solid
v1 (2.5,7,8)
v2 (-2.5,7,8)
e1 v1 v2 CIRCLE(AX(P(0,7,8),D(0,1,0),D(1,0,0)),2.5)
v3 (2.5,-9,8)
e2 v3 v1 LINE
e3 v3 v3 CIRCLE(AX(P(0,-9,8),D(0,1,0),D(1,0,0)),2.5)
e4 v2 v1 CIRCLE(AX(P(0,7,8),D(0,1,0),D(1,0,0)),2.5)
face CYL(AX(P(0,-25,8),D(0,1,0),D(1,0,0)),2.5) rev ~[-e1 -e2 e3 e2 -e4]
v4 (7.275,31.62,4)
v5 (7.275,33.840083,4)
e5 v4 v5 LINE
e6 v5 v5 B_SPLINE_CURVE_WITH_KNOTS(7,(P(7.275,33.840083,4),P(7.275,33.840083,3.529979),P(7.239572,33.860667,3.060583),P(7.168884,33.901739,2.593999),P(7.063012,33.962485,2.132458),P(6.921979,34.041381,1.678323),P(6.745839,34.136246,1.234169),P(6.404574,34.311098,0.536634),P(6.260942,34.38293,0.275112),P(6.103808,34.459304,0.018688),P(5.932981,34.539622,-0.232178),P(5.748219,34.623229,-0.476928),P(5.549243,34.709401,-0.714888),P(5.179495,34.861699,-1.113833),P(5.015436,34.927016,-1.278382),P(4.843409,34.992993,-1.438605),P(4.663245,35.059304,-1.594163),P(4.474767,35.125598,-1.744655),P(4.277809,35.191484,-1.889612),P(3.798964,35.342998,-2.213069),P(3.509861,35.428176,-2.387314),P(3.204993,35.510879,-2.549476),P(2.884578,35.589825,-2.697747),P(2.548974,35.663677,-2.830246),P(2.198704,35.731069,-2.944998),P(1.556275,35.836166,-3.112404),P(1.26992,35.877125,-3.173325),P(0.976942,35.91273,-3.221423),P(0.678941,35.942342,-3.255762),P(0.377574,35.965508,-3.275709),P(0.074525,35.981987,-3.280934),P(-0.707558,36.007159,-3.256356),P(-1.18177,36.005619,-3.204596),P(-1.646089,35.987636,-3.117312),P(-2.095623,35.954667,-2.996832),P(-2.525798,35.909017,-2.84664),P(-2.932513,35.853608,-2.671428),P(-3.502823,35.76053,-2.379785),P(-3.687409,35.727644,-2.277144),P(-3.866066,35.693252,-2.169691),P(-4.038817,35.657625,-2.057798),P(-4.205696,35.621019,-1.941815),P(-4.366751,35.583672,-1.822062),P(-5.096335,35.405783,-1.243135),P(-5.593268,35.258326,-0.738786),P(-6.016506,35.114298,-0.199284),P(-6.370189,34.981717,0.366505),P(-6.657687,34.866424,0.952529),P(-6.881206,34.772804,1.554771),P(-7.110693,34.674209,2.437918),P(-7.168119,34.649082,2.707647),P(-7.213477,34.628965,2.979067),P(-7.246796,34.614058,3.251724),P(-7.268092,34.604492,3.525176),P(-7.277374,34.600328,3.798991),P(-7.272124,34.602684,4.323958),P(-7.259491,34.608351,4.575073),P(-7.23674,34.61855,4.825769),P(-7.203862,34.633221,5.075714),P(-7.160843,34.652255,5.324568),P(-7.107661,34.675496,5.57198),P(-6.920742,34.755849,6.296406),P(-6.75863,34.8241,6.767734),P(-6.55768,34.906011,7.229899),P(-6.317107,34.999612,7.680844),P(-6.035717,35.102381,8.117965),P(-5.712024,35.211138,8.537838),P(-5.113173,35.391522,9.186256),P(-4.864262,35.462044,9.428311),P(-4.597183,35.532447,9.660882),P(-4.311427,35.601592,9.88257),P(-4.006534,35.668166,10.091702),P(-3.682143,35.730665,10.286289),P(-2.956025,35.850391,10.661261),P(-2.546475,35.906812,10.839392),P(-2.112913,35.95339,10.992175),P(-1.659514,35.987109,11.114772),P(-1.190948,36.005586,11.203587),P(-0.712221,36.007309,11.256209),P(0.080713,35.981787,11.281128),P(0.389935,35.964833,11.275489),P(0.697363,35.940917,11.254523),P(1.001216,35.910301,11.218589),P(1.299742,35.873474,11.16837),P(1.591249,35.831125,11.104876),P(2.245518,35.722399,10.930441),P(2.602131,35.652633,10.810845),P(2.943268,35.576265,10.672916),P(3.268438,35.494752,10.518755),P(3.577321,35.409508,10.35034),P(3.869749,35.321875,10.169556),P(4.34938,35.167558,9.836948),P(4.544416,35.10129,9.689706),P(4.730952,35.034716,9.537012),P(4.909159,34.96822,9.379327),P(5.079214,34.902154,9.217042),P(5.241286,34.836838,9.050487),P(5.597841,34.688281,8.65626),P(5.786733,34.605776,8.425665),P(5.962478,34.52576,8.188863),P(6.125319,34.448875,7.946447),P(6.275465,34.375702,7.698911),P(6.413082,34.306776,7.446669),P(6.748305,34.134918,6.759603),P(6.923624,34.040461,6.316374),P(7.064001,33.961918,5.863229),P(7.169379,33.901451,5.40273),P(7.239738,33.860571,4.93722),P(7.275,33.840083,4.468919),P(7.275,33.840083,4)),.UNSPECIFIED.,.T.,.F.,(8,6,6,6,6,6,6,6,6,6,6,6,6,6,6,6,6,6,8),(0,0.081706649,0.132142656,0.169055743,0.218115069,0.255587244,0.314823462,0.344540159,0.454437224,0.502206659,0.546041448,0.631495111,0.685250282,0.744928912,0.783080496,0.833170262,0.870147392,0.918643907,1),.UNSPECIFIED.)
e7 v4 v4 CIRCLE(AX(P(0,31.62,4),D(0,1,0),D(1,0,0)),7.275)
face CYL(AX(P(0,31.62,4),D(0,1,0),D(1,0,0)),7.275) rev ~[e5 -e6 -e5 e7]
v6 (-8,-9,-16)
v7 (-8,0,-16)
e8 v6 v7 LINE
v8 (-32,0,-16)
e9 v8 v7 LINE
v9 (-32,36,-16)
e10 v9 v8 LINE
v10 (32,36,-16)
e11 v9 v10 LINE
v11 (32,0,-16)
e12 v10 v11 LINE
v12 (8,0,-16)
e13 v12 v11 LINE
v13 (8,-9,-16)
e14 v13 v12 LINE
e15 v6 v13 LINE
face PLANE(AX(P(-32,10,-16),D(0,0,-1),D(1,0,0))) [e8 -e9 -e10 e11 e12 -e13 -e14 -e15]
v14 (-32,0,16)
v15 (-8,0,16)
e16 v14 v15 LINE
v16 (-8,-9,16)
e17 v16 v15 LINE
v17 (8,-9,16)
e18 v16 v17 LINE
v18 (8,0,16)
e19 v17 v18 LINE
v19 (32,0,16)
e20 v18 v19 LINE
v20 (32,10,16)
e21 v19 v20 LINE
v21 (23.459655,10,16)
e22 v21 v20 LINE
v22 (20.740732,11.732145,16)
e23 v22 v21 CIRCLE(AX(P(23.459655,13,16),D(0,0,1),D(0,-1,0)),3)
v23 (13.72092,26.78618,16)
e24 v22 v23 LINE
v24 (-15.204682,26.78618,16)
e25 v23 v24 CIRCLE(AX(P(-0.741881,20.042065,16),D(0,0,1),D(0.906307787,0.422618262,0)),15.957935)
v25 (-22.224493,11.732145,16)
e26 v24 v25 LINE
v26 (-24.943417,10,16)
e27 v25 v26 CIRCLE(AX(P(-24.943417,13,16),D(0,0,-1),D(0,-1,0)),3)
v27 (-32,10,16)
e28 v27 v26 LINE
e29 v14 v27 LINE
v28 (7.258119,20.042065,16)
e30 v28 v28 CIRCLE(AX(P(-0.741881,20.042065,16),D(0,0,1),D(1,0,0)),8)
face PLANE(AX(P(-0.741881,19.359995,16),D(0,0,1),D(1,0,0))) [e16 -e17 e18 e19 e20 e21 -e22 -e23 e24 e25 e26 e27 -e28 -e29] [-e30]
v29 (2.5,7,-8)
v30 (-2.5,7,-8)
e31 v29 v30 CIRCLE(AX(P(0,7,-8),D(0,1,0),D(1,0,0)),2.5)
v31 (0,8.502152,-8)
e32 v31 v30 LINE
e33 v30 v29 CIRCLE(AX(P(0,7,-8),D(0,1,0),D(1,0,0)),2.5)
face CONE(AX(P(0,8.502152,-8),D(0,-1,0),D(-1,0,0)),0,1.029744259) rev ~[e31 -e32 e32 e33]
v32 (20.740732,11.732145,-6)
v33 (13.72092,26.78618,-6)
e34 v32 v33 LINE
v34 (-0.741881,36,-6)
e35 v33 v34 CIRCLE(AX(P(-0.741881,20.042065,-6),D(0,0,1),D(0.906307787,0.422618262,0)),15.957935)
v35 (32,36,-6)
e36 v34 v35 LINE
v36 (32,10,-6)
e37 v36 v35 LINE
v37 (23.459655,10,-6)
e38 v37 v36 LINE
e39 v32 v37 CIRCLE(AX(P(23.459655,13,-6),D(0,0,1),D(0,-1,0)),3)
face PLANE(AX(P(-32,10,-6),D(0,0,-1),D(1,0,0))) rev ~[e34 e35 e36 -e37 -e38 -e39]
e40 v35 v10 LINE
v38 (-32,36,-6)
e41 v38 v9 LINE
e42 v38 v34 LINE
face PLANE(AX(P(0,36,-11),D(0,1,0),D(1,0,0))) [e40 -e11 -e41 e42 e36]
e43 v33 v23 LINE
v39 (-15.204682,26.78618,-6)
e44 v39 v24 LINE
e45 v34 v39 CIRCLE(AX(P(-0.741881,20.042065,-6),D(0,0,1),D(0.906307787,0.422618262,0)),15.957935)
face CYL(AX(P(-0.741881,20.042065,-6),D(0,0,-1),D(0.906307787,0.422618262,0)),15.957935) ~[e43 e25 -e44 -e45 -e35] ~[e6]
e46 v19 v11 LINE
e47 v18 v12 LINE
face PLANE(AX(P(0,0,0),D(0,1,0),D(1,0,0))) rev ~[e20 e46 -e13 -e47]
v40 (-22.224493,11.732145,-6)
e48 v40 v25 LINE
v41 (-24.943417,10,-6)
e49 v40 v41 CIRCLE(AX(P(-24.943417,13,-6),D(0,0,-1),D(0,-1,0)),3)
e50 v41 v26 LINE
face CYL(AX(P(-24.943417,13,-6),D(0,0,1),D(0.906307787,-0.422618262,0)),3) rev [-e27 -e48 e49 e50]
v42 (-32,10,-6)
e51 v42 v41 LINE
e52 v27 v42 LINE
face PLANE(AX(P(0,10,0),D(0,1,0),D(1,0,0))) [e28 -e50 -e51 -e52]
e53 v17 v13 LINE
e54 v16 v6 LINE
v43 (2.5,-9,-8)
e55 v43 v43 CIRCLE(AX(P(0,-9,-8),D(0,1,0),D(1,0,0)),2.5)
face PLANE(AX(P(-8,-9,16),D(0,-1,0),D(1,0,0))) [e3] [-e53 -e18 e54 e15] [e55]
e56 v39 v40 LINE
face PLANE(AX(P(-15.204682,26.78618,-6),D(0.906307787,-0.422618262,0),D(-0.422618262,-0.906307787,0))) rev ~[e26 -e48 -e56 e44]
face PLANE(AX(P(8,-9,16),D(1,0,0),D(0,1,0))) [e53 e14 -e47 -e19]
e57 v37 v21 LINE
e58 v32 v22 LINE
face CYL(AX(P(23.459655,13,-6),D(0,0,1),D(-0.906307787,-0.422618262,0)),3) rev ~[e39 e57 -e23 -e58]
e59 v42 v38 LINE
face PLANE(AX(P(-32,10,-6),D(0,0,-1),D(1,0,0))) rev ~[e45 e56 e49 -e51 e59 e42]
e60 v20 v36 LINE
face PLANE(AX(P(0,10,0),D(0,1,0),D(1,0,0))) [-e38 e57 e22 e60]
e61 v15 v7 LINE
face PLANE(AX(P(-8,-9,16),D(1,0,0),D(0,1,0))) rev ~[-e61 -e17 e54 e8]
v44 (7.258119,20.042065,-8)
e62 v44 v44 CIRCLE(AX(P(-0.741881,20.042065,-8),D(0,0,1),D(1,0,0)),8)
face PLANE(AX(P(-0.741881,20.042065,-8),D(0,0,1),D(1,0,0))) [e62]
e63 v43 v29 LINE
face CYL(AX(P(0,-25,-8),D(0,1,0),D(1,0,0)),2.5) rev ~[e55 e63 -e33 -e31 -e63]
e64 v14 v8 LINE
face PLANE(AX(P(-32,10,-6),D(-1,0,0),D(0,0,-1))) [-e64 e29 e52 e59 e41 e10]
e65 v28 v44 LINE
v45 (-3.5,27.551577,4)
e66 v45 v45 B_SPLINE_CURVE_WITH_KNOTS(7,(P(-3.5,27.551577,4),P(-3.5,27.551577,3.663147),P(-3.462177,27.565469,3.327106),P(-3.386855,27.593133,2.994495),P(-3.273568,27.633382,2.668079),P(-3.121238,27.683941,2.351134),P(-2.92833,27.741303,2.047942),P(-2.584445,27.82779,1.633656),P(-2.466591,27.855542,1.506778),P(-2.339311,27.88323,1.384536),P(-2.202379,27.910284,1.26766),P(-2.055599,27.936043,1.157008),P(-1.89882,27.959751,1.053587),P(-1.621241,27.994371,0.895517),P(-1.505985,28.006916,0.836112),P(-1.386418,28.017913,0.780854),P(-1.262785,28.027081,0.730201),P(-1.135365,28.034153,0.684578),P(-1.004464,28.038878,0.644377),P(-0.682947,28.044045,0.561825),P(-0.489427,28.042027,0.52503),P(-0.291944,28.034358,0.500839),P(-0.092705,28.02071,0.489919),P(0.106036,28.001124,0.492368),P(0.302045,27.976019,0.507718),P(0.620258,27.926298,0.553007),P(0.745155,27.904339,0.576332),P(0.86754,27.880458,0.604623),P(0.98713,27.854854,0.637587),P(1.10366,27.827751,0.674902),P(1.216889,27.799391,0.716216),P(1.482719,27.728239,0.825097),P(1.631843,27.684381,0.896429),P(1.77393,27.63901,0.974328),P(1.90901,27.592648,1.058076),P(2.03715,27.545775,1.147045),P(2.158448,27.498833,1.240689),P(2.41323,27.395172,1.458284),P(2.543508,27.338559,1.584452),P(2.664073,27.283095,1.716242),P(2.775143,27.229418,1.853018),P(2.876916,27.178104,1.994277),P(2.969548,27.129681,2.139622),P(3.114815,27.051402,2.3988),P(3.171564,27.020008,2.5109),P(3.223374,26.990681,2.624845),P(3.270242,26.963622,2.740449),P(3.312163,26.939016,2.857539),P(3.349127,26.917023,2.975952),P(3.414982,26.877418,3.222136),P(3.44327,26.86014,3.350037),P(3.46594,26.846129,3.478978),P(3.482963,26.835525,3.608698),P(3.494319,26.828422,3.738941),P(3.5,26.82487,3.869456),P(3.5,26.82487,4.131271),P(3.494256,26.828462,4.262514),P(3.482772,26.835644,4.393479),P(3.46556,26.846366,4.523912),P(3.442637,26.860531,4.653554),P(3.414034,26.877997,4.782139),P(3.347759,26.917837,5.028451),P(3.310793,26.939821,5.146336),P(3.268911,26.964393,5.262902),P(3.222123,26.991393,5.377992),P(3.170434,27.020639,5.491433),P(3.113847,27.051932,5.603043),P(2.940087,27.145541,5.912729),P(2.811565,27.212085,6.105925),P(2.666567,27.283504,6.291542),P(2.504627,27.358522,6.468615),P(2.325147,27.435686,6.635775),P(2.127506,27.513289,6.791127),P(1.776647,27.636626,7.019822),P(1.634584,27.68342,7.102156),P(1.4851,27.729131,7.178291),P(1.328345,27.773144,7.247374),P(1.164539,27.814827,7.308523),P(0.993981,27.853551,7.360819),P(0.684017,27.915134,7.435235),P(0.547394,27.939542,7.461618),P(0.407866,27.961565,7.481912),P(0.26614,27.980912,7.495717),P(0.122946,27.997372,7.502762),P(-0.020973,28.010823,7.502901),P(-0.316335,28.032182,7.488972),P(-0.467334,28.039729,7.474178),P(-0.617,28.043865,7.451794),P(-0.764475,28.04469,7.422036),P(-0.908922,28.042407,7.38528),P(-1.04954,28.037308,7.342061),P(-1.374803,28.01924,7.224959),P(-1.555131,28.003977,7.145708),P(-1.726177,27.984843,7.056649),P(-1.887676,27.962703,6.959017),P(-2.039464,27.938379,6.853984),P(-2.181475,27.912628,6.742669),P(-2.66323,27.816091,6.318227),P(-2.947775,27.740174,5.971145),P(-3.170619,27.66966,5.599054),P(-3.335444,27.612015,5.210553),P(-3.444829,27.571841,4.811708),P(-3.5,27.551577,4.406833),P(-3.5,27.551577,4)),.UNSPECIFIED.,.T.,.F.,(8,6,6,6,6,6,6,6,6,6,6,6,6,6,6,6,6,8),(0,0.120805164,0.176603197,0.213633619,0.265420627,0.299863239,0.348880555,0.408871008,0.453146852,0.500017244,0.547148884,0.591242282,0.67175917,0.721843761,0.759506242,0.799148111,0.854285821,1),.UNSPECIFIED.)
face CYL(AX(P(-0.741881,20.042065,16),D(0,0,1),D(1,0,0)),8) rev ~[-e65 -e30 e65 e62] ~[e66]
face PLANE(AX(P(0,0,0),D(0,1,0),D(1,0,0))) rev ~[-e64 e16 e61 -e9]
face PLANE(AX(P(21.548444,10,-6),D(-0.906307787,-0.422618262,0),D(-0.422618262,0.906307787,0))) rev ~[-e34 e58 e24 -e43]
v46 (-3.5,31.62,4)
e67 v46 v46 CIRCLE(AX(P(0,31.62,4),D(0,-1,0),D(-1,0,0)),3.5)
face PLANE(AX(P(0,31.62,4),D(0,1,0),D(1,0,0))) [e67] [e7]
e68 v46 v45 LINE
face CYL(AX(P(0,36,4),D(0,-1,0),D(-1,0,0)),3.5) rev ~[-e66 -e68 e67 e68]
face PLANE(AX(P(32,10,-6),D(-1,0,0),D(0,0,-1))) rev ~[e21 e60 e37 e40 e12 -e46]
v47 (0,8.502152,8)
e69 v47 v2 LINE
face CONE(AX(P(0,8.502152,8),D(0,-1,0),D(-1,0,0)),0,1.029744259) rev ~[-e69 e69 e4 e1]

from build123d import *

# Parameters (mm, degrees)
SKETCH1_W                               = 64
SKETCH1_H                               = 32
BOSS_EXTRUDE1_DEPTH                     = 10
SKETCH4_W                               = 64
SKETCH4_H                               = 10
BOSS_EXTRUDE3_DEPTH                     = 26
BOSS_EXTRUDE4_DEPTH                     = 22
FILLET1_R                               = 3
SKETCH6_W                               = 16
SKETCH6_H                               = 9
BOSS_EXTRUDE5_DEPTH                     = 32
CBORE_FOR_M6_HEX_HEAD_BOLT1_D           = 7
CBORE_FOR_M6_HEX_HEAD_BOLT1_DEPTH       = 15
CBORE_FOR_M6_HEX_HEAD_BOLT1_CBORE_D     = 14.55
CBORE_FOR_M6_HEX_HEAD_BOLT1_CBORE_DEPTH = 4.38
CBORE_FOR_M6_HEX_HEAD_BOLT1_TIP         = 2.103012167
SKETCH12_R                              = 8
CUT_EXTRUDE1_DEPTH                      = 24
TAP_DRILL_FOR_M6X1_0_TAP1_D             = 5
TAP_DRILL_FOR_M6X1_0_TAP1_DEPTH         = 16
TAP_DRILL_FOR_M6X1_0_TAP1_TIP           = 1.502151548


with BuildPart() as part:
    # Sketch1 → Boss-Extrude1 (new body)
    with BuildSketch(Plane(origin=(0, 0, 0), x_dir=(1, 0, 0), z_dir=(0, 1, 0))):
        Rectangle(SKETCH1_W, SKETCH1_H)
    extrude(amount=BOSS_EXTRUDE1_DEPTH)

    # Sketch4 → Boss-Extrude3 (add)
    with BuildSketch(Plane(origin=(0, 10, 0), x_dir=(1, 0, 0), z_dir=(0, 1, 0))):
        with Locations((0, 11)):
            Rectangle(SKETCH4_W, SKETCH4_H)
    extrude(amount=BOSS_EXTRUDE3_DEPTH)

    # Sketch5 → Boss-Extrude4 (add)
    with BuildSketch(Plane.XY.offset(-6)):
        with BuildLine():
            Line((-15.204681896, 26.786179615), (-23.032206002, 10))
            Line((-23.032206002, 10), (21.548444147, 10))
            Line((21.548444147, 10), (13.720920041, 26.786179615))
            ThreePointArc((13.720920041, 26.786179615), (-0.741880927, 36), (-15.204681896, 26.786179615))
        make_face()
    extrude(amount=BOSS_EXTRUDE4_DEPTH)

    # Fillet1
    fillet1_edges = [part.edges().sort_by_distance(p)[0] for p in [
        (21.548444147, 10, 5),
        (-23.032206002, 10, 5),
    ]]
    fillet(fillet1_edges, radius=FILLET1_R)

    # Sketch6 → Boss-Extrude5 (add)
    with BuildSketch(Plane.XY.offset(16)):
        with Locations((0, -4.5)):
            Rectangle(SKETCH6_W, SKETCH6_H)
    extrude(amount=-BOSS_EXTRUDE5_DEPTH)

    # CBORE for M6 Hex Head Bolt1
    with Locations(Plane(origin=(0, 36, 0), x_dir=(1, 0, 0), z_dir=(0, 1, 0))):
        with Locations((0, -4)):
            CounterBoreHole(CBORE_FOR_M6_HEX_HEAD_BOLT1_D / 2, CBORE_FOR_M6_HEX_HEAD_BOLT1_CBORE_D / 2, CBORE_FOR_M6_HEX_HEAD_BOLT1_CBORE_DEPTH, depth=CBORE_FOR_M6_HEX_HEAD_BOLT1_DEPTH)
            with Locations((0, 0, -(CBORE_FOR_M6_HEX_HEAD_BOLT1_DEPTH + CBORE_FOR_M6_HEX_HEAD_BOLT1_TIP / 2))):  # 118° drill point
                Cone(0, CBORE_FOR_M6_HEX_HEAD_BOLT1_D / 2, CBORE_FOR_M6_HEX_HEAD_BOLT1_TIP, mode=Mode.SUBTRACT)

    # Sketch12 → Cut-Extrude1 (cut)
    with BuildSketch(Plane.XY.offset(16)):
        with Locations((-0.741880927, 20.042064765)):
            Circle(SKETCH12_R)
    extrude(amount=-CUT_EXTRUDE1_DEPTH, mode=Mode.SUBTRACT)

    # Tap Drill for M6x1.0 Tap1
    with Locations(Plane(origin=(0, -9, 0), x_dir=(-1, 0, 0), z_dir=(0, -1, 0))):
        with Locations((0, -8), (0, 8)):
            Hole(TAP_DRILL_FOR_M6X1_0_TAP1_D / 2, depth=TAP_DRILL_FOR_M6X1_0_TAP1_DEPTH)
            with Locations((0, 0, -(TAP_DRILL_FOR_M6X1_0_TAP1_DEPTH + TAP_DRILL_FOR_M6X1_0_TAP1_TIP / 2))):  # 118° drill point
                Cone(0, TAP_DRILL_FOR_M6X1_0_TAP1_D / 2, TAP_DRILL_FOR_M6X1_0_TAP1_TIP, mode=Mode.SUBTRACT)


solid = part.part
